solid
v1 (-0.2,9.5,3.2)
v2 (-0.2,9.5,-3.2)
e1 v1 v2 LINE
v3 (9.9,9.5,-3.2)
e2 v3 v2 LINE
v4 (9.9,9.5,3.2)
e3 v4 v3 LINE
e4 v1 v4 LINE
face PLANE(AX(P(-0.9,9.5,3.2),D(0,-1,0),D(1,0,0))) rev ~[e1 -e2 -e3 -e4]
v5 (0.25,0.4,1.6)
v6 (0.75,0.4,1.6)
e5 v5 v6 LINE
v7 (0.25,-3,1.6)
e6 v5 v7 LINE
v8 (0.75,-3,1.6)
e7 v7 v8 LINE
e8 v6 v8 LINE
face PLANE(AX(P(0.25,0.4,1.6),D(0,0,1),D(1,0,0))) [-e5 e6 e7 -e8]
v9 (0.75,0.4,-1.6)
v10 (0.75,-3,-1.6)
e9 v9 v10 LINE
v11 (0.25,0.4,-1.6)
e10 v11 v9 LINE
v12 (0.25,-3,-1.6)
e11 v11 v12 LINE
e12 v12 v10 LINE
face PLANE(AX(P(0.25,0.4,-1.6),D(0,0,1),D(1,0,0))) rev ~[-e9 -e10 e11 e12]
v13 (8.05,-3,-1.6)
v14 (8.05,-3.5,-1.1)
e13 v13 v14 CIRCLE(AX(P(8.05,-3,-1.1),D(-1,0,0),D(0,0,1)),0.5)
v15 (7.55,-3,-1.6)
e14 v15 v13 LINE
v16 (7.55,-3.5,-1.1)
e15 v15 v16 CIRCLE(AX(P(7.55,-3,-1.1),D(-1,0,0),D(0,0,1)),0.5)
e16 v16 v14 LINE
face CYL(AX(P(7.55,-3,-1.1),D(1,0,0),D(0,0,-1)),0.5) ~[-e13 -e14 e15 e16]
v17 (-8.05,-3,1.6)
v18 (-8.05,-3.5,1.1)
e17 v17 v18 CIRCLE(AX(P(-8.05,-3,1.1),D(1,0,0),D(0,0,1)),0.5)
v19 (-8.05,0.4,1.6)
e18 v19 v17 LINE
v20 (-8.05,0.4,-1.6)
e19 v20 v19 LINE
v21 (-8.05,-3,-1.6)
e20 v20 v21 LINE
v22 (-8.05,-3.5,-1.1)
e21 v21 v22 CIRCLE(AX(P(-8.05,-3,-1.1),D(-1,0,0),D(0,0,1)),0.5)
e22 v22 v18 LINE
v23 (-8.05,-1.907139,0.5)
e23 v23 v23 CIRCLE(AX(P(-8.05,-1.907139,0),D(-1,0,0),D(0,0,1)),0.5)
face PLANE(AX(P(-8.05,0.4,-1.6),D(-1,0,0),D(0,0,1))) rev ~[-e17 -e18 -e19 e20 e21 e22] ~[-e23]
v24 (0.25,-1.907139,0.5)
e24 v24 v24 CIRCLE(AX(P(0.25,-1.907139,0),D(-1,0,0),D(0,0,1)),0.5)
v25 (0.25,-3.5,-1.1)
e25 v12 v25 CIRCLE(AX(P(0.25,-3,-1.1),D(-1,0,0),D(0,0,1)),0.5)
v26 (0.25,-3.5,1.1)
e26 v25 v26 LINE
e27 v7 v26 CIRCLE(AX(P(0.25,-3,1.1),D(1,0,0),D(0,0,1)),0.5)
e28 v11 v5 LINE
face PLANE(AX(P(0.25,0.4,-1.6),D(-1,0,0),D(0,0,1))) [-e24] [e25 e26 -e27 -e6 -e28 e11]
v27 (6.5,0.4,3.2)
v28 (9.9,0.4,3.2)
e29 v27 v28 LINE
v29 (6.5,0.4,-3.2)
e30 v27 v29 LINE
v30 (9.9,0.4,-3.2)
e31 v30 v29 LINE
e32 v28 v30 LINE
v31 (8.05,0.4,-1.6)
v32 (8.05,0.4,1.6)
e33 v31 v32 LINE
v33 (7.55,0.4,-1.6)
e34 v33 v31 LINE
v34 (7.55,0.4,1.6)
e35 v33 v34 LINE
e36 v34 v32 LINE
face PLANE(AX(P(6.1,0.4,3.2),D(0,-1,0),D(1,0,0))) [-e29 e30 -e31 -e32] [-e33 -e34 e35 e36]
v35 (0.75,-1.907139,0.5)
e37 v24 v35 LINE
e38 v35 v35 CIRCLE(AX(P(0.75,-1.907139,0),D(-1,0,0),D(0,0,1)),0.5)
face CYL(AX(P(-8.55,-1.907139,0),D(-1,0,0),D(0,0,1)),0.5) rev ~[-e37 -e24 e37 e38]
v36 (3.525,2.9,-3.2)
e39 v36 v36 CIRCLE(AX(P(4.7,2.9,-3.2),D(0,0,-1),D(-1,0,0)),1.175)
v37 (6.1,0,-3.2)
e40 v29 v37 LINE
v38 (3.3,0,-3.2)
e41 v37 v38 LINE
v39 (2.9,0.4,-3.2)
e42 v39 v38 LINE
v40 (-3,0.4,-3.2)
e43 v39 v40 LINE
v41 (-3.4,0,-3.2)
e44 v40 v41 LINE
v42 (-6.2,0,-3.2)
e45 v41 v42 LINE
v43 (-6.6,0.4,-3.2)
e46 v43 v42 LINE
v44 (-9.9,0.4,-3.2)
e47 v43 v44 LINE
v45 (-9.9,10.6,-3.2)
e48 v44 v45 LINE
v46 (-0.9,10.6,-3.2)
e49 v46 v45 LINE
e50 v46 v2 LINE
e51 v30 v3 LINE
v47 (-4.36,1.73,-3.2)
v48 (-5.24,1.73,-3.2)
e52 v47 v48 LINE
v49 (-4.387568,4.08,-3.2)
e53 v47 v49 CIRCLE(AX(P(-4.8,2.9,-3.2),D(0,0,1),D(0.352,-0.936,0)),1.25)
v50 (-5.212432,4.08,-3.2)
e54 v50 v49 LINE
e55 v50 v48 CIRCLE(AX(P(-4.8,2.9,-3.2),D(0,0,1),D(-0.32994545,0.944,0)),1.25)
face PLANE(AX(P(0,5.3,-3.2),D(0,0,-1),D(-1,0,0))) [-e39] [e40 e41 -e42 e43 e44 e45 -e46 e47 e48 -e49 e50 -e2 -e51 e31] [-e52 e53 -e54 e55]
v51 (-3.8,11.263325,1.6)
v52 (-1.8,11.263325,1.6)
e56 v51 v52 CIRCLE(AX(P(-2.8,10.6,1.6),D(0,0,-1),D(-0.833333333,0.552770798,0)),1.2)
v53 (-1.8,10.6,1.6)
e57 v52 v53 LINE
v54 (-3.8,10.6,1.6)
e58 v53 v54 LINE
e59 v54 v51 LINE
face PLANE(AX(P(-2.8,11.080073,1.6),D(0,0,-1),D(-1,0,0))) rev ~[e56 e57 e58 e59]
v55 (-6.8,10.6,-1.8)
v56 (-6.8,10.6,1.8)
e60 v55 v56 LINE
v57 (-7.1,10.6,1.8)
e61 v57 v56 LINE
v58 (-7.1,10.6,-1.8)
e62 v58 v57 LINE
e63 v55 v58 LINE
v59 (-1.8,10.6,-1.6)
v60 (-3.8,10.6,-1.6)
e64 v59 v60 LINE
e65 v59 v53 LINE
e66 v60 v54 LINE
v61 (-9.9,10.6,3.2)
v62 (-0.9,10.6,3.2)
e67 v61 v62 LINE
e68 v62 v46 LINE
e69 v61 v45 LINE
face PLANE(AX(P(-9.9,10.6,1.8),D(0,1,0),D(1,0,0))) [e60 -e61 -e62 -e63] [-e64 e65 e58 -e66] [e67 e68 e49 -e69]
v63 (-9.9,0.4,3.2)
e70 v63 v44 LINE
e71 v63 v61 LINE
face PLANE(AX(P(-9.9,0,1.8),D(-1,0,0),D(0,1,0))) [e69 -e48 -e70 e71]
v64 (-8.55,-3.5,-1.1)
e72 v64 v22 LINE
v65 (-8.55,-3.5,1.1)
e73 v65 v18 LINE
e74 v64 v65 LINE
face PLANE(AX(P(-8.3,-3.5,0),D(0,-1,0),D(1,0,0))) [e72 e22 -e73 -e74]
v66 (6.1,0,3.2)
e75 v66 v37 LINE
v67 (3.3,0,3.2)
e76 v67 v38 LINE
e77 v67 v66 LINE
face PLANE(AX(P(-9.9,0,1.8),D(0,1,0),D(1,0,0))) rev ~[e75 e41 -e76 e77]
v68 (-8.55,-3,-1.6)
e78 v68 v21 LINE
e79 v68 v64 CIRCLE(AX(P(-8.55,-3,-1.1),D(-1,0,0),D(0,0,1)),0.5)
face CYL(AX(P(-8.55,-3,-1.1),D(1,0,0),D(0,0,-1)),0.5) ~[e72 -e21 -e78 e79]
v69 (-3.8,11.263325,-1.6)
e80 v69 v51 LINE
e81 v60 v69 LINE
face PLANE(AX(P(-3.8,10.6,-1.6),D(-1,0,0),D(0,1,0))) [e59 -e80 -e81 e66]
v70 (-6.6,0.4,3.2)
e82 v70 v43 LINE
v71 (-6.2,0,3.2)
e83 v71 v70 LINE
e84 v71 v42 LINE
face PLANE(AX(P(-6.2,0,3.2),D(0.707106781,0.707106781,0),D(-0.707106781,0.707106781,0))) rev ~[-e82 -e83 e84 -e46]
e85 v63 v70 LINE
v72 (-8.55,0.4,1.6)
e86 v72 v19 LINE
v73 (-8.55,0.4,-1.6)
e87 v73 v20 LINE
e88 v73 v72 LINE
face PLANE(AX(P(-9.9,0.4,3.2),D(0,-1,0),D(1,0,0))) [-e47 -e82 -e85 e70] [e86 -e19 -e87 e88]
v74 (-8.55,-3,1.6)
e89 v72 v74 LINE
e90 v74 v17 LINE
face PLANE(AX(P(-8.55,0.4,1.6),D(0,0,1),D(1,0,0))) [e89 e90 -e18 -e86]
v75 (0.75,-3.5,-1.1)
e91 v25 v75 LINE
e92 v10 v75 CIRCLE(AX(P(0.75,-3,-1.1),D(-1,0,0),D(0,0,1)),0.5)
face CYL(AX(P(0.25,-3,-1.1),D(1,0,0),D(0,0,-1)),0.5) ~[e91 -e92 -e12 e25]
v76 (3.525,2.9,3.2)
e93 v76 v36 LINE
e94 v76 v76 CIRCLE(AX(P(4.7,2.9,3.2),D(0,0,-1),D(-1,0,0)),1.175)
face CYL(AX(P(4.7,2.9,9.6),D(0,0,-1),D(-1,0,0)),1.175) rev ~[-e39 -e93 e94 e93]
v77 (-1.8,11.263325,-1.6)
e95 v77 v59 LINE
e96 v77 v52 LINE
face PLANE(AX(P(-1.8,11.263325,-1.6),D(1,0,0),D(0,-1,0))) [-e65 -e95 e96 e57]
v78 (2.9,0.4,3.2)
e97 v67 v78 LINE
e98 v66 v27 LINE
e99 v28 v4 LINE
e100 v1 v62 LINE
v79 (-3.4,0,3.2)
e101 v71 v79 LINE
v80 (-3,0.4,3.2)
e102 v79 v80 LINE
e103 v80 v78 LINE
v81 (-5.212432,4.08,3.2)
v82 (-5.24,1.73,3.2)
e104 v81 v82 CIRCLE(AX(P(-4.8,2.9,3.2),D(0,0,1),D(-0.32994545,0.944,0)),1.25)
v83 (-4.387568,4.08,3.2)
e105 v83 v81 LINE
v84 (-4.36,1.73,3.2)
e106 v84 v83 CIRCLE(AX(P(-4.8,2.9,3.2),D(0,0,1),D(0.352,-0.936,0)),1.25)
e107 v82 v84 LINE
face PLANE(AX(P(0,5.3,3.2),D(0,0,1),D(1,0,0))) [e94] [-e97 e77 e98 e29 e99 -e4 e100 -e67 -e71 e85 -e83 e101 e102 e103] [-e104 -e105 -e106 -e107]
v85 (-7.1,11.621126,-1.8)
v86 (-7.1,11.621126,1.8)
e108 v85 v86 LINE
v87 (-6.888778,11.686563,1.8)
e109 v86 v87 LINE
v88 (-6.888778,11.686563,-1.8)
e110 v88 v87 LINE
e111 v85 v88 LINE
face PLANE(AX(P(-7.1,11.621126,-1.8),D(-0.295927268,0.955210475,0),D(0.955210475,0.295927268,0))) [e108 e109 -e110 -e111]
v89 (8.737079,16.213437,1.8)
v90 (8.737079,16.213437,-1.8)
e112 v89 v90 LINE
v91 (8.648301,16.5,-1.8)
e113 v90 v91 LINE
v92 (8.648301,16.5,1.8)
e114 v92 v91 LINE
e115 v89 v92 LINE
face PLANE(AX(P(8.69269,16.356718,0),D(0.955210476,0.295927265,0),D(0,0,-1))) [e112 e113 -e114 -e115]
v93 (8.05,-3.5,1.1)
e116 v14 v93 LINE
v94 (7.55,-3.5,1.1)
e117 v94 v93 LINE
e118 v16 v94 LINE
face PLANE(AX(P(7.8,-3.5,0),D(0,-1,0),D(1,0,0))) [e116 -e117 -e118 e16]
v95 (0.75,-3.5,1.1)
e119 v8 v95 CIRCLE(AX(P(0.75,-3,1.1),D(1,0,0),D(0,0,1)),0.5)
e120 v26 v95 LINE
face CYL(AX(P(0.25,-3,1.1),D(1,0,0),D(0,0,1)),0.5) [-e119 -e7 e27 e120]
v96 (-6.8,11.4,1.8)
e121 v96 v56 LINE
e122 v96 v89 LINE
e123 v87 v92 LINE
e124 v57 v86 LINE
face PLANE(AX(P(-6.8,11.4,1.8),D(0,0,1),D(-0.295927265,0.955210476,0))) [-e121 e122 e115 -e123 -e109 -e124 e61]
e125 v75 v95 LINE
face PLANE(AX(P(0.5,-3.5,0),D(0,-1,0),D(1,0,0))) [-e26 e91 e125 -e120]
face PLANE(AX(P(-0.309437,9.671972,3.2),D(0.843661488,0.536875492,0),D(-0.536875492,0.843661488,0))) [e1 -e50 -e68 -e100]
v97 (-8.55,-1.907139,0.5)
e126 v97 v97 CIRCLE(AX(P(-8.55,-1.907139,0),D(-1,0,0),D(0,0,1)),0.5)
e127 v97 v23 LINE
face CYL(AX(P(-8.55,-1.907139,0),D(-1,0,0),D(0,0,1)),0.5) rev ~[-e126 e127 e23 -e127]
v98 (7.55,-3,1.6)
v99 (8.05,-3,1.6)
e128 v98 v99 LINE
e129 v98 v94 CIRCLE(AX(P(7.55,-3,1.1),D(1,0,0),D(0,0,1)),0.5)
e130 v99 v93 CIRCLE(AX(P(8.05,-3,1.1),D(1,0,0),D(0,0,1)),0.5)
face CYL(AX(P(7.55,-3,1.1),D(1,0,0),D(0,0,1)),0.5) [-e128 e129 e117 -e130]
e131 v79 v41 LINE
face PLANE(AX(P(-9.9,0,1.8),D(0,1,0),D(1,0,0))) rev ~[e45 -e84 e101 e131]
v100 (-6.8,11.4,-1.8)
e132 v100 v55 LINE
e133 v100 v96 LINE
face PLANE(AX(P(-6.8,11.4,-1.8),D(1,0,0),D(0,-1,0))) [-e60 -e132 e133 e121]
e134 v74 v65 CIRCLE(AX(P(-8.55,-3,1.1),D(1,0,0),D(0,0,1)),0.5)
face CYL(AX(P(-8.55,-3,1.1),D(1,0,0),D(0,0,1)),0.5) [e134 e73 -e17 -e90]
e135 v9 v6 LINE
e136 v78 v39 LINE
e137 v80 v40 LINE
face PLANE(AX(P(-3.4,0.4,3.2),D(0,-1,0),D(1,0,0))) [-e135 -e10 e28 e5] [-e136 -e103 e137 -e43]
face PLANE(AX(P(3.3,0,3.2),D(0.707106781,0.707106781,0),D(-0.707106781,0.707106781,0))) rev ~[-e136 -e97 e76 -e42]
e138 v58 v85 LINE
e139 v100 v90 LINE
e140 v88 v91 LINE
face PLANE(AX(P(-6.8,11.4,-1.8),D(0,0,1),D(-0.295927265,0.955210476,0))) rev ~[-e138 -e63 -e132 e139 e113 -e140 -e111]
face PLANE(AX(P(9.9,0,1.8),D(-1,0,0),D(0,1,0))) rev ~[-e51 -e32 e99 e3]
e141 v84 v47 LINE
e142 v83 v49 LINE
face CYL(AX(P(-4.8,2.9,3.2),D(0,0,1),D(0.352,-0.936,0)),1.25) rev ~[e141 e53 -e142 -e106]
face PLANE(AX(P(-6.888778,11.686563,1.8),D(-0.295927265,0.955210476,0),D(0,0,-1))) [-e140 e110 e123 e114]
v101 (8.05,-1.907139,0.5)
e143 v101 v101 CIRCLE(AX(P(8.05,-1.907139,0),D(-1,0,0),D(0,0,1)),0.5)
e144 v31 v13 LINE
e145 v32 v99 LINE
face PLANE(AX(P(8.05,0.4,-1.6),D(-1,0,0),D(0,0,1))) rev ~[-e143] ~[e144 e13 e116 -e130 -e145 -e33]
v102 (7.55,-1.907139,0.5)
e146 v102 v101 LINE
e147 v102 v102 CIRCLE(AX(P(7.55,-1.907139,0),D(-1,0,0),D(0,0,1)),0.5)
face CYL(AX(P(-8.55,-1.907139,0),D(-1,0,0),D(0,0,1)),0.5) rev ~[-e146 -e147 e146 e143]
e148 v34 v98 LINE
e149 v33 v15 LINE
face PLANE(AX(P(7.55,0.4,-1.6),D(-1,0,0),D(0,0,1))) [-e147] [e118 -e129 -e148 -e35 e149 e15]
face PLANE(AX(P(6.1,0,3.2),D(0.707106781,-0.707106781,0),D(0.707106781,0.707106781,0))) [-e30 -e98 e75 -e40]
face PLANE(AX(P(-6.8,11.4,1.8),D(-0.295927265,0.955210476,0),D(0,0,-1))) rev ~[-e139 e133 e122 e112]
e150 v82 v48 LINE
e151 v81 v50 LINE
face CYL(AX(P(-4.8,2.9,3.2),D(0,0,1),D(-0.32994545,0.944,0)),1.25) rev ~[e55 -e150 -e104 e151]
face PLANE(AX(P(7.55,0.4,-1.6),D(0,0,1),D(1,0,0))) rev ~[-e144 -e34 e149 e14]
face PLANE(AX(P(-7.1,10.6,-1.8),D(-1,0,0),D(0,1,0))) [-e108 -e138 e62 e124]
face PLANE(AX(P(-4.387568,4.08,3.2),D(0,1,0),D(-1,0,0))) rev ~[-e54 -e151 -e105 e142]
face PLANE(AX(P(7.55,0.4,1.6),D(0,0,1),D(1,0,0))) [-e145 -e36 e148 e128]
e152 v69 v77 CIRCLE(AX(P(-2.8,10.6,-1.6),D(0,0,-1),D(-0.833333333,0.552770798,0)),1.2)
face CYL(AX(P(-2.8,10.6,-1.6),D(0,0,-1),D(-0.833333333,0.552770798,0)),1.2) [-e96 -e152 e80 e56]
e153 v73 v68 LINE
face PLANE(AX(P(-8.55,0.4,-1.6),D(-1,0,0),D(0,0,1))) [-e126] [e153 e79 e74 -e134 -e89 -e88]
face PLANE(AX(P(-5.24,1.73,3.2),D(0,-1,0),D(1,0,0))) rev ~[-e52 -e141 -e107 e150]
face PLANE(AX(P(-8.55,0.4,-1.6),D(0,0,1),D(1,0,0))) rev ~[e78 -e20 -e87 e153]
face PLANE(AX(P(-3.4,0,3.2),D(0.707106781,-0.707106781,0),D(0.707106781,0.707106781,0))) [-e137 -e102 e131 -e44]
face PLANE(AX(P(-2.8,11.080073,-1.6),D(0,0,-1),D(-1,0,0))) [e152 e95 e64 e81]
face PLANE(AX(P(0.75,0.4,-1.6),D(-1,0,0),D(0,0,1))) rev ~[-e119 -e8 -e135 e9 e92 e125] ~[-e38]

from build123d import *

# Parameters (mm, degrees)
BOSS_EXTRU_1_DEPTH                    = 3.6
ESQUISSE2_W                           = 19.8
ESQUISSE2_H                           = 10.6
BOSS_EXTRU_2_DEPTH                    = 1.4
ESQUISSE3_W                           = 19.8
ESQUISSE3_H                           = 10.6
BOSS_EXTRU_3_DEPTH                    = 1.4
ESQUISSE4_W                           = 3.6
ESQUISSE4_H                           = 0.3
BOSS_EXTRU_4_DEPTH                    = 16.265607889
ESQUISSE5_W                           = 10.8
ESQUISSE5_H                           = 1.1
ENL_V_MAT_EXTRU_1_DEPTH               = 7.4
ESQUISSE6_W                           = 3.8
ESQUISSE6_H                           = 0.4
ENL_V_MAT_EXTRU_2_DEPTH               = 7.4
ESQUISSE7_W                           = 6.7
ESQUISSE7_H                           = 0.4
ENL_V_MAT_EXTRU_3_DEPTH               = 7.4
ESQUISSE8_W                           = 3.7
ESQUISSE8_H                           = 0.4
ENL_V_MAT_EXTRU_4_DEPTH               = 7.4
ENL_V_MAT_EXTRU_5_DEPTH               = 7.4
BOSS_EXTRU_5_DEPTH                    = 3.2
ESQUISSE11_W                          = 0.5
ESQUISSE11_H                          = 3.2
BOSS_EXTRU_6_DEPTH                    = 3.9
ESQUISSE12_W                          = 0.5
ESQUISSE12_H                          = 3.2
BOSS_EXTRU_7_DEPTH                    = 3.9
ESQUISSE13_W                          = 0.5
ESQUISSE13_H                          = 3.2
BOSS_EXTRU_8_DEPTH                    = 3.9
D_POUILLE1_ANGLE                      = 32.471192291
D_POUILLE2_ANGLE                      = 45
D_POUILLE3_ANGLE                      = 45
DIAM_TRE_DU_PER_AGE_2_35_2_35_1_D     = 2.35
DIAM_TRE_DU_PER_AGE_2_35_2_35_1_DEPTH = 6.4
CONG_1_R                              = 0.5
ESQUISSE16_R                          = 0.5
ENL_V_MAT_EXTRU_6_DEPTH               = 19.45


with BuildPart() as part:
    # Esquisse1 → Boss.-Extru.1 (new body)
    with BuildSketch(Plane(origin=(0, 0, -1.8), x_dir=(-1, 0, 0), z_dir=(0, 0, -1))):
        Polygon((7.1, 11.621125946), (6.88877818, 11.686563143), (6.8, 11.4), (6.8, 10.6), (-9.9, 10.6), (-9.9, 0), (9.9, 0), (9.9, 10.6), (7.1, 10.6), align=None)
    extrude(amount=-BOSS_EXTRU_1_DEPTH)

    # Esquisse2 → Boss.-Extru.2 (add)
    with BuildSketch(Plane(origin=(0, 0, -1.8), x_dir=(-1, 0, 0), z_dir=(0, 0, -1))):
        with Locations((0, 5.3)):
            Rectangle(ESQUISSE2_W, ESQUISSE2_H)
    extrude(amount=BOSS_EXTRU_2_DEPTH)

    # Esquisse3 → Boss.-Extru.3 (add)
    with BuildSketch(Plane.XY.offset(1.8)):
        with Locations((0, 5.3)):
            Rectangle(ESQUISSE3_W, ESQUISSE3_H)
    extrude(amount=BOSS_EXTRU_3_DEPTH)

    # Esquisse4 → Boss.-Extru.4 (add)
    with BuildSketch(Plane(origin=(-2.982033775, -0.923843615, 0), x_dir=(0, 0, -1), z_dir=(0.955210476, 0.295927265, 0))):
        with Locations((0, 13.051704831)):
            Rectangle(ESQUISSE4_W, ESQUISSE4_H)
    extrude(amount=BOSS_EXTRU_4_DEPTH)

    # Esquisse5 → Enlèv. mat.-Extru.1 (cut, through all)
    with BuildSketch(Plane.XY.offset(3.2)):
        with Locations((4.5, 10.05)):
            Rectangle(ESQUISSE5_W, ESQUISSE5_H)
    extrude(amount=-ENL_V_MAT_EXTRU_1_DEPTH, mode=Mode.SUBTRACT)

    # Esquisse6 → Enlèv. mat.-Extru.2 (cut, through all)
    with BuildSketch(Plane.XY.offset(3.2)):
        with Locations((8, 0.2)):
            Rectangle(ESQUISSE6_W, ESQUISSE6_H)
    extrude(amount=-ENL_V_MAT_EXTRU_2_DEPTH, mode=Mode.SUBTRACT)

    # Esquisse7 → Enlèv. mat.-Extru.3 (cut, through all)
    with BuildSketch(Plane.XY.offset(3.2)):
        with Locations((-0.05, 0.2)):
            Rectangle(ESQUISSE7_W, ESQUISSE7_H)
    extrude(amount=-ENL_V_MAT_EXTRU_3_DEPTH, mode=Mode.SUBTRACT)

    # Esquisse8 → Enlèv. mat.-Extru.4 (cut, through all)
    with BuildSketch(Plane.XY.offset(3.2)):
        with Locations((-8.05, 0.2)):
            Rectangle(ESQUISSE8_W, ESQUISSE8_H)
    extrude(amount=-ENL_V_MAT_EXTRU_4_DEPTH, mode=Mode.SUBTRACT)

    # Esquisse9 → Enlèv. mat.-Extru.5 (cut, through all)
    with BuildSketch(Plane.XY.offset(3.2)):
        with BuildLine():
            Line((-5.24, 1.73), (-4.36, 1.73))
            ThreePointArc((-4.36, 1.73), (-3.550086003, 2.914662921), (-4.387568187, 4.08))
            Line((-4.387568187, 4.08), (-5.212431813, 4.08))
            ThreePointArc((-5.212431813, 4.08), (-6.049913997, 2.914662921), (-5.24, 1.73))
        make_face()
    extrude(amount=-ENL_V_MAT_EXTRU_5_DEPTH, mode=Mode.SUBTRACT)

    # Esquisse10 → Boss.-Extru.5 (add)
    with BuildSketch(Plane(origin=(0, 0, -1.6), x_dir=(-1, 0, 0), z_dir=(0, 0, -1))):
        with BuildLine():
            Line((1.8, 10.6), (3.8, 10.6))
            Line((3.8, 10.6), (3.8, 11.263324958))
            ThreePointArc((3.8, 11.263324958), (2.8, 11.8), (1.8, 11.263324958))
            Line((1.8, 11.263324958), (1.8, 10.6))
        make_face()
    extrude(amount=-BOSS_EXTRU_5_DEPTH)

    # Esquisse11 → Boss.-Extru.6 (add)
    with BuildSketch(Plane.XZ.offset(-0.4)):
        with Locations((-8.3, 0)):
            Rectangle(ESQUISSE11_W, ESQUISSE11_H)
    extrude(amount=BOSS_EXTRU_6_DEPTH)

    # Esquisse12 → Boss.-Extru.7 (add)
    with BuildSketch(Plane.XZ.offset(-0.4)):
        with Locations((0.5, 0)):
            Rectangle(ESQUISSE12_W, ESQUISSE12_H)
    extrude(amount=BOSS_EXTRU_7_DEPTH)

    # Esquisse13 → Boss.-Extru.8 (add)
    with BuildSketch(Plane.XZ.offset(-0.4)):
        with Locations((7.8, 0)):
            Rectangle(ESQUISSE13_W, ESQUISSE13_H)
    extrude(amount=BOSS_EXTRU_8_DEPTH)

    # Dépouille1
    d_pouille1_faces = [part.faces().sort_by_distance(p)[0] for p in [
        (-0.9, 10.05, 0),
    ]]
    draft(d_pouille1_faces, Plane(origin=(-9.9, 10.6, 1.8), x_dir=(0, 0, 1), z_dir=(0, 1, 0)), D_POUILLE1_ANGLE)

    # Dépouille2
    d_pouille2_faces = [part.faces().sort_by_distance(p)[0] for p in [
        (6.1, 0.2, 0),
        (3.3, 0.2, 0),
    ]]
    draft(d_pouille2_faces, Plane(origin=(9.9, 0, 1.8), x_dir=(0, 0, -1), z_dir=(0, -1, 0)), D_POUILLE2_ANGLE)

    # Dépouille3
    d_pouille3_faces = [part.faces().sort_by_distance(p)[0] for p in [
        (-3.4, 0.2, 0),
        (-6.2, 0.2, 0),
    ]]
    draft(d_pouille3_faces, Plane(origin=(9.9, 0, 1.8), x_dir=(0, 0, -1), z_dir=(0, -1, 0)), D_POUILLE3_ANGLE)

    # Diamètre du perçage Ø2.35 (2.35)1
    with Locations(Plane.XY.offset(3.2)):
        with Locations((4.7, 2.9)):
            Hole(DIAM_TRE_DU_PER_AGE_2_35_2_35_1_D / 2, depth=DIAM_TRE_DU_PER_AGE_2_35_2_35_1_DEPTH)

    # Congé1
    cong_1_edges = [part.edges().sort_by_distance(p)[0] for p in [
        (-8.3, -3.5, -1.6),
        (-8.3, -3.5, 1.6),
        (0.5, -3.5, -1.6),
        (0.5, -3.5, 1.6),
        (7.8, -3.5, -1.6),
        (7.8, -3.5, 1.6),
    ]]
    fillet(cong_1_edges, radius=CONG_1_R)

    # Esquisse16 → Enlèv. mat.-Extru.6 (cut, through all)
    with BuildSketch(Plane.ZY.offset(8.55)):
        with Locations((0, -1.907139158)):
            Circle(ESQUISSE16_R)
    extrude(amount=-ENL_V_MAT_EXTRU_6_DEPTH, mode=Mode.SUBTRACT)


solid = part.part
